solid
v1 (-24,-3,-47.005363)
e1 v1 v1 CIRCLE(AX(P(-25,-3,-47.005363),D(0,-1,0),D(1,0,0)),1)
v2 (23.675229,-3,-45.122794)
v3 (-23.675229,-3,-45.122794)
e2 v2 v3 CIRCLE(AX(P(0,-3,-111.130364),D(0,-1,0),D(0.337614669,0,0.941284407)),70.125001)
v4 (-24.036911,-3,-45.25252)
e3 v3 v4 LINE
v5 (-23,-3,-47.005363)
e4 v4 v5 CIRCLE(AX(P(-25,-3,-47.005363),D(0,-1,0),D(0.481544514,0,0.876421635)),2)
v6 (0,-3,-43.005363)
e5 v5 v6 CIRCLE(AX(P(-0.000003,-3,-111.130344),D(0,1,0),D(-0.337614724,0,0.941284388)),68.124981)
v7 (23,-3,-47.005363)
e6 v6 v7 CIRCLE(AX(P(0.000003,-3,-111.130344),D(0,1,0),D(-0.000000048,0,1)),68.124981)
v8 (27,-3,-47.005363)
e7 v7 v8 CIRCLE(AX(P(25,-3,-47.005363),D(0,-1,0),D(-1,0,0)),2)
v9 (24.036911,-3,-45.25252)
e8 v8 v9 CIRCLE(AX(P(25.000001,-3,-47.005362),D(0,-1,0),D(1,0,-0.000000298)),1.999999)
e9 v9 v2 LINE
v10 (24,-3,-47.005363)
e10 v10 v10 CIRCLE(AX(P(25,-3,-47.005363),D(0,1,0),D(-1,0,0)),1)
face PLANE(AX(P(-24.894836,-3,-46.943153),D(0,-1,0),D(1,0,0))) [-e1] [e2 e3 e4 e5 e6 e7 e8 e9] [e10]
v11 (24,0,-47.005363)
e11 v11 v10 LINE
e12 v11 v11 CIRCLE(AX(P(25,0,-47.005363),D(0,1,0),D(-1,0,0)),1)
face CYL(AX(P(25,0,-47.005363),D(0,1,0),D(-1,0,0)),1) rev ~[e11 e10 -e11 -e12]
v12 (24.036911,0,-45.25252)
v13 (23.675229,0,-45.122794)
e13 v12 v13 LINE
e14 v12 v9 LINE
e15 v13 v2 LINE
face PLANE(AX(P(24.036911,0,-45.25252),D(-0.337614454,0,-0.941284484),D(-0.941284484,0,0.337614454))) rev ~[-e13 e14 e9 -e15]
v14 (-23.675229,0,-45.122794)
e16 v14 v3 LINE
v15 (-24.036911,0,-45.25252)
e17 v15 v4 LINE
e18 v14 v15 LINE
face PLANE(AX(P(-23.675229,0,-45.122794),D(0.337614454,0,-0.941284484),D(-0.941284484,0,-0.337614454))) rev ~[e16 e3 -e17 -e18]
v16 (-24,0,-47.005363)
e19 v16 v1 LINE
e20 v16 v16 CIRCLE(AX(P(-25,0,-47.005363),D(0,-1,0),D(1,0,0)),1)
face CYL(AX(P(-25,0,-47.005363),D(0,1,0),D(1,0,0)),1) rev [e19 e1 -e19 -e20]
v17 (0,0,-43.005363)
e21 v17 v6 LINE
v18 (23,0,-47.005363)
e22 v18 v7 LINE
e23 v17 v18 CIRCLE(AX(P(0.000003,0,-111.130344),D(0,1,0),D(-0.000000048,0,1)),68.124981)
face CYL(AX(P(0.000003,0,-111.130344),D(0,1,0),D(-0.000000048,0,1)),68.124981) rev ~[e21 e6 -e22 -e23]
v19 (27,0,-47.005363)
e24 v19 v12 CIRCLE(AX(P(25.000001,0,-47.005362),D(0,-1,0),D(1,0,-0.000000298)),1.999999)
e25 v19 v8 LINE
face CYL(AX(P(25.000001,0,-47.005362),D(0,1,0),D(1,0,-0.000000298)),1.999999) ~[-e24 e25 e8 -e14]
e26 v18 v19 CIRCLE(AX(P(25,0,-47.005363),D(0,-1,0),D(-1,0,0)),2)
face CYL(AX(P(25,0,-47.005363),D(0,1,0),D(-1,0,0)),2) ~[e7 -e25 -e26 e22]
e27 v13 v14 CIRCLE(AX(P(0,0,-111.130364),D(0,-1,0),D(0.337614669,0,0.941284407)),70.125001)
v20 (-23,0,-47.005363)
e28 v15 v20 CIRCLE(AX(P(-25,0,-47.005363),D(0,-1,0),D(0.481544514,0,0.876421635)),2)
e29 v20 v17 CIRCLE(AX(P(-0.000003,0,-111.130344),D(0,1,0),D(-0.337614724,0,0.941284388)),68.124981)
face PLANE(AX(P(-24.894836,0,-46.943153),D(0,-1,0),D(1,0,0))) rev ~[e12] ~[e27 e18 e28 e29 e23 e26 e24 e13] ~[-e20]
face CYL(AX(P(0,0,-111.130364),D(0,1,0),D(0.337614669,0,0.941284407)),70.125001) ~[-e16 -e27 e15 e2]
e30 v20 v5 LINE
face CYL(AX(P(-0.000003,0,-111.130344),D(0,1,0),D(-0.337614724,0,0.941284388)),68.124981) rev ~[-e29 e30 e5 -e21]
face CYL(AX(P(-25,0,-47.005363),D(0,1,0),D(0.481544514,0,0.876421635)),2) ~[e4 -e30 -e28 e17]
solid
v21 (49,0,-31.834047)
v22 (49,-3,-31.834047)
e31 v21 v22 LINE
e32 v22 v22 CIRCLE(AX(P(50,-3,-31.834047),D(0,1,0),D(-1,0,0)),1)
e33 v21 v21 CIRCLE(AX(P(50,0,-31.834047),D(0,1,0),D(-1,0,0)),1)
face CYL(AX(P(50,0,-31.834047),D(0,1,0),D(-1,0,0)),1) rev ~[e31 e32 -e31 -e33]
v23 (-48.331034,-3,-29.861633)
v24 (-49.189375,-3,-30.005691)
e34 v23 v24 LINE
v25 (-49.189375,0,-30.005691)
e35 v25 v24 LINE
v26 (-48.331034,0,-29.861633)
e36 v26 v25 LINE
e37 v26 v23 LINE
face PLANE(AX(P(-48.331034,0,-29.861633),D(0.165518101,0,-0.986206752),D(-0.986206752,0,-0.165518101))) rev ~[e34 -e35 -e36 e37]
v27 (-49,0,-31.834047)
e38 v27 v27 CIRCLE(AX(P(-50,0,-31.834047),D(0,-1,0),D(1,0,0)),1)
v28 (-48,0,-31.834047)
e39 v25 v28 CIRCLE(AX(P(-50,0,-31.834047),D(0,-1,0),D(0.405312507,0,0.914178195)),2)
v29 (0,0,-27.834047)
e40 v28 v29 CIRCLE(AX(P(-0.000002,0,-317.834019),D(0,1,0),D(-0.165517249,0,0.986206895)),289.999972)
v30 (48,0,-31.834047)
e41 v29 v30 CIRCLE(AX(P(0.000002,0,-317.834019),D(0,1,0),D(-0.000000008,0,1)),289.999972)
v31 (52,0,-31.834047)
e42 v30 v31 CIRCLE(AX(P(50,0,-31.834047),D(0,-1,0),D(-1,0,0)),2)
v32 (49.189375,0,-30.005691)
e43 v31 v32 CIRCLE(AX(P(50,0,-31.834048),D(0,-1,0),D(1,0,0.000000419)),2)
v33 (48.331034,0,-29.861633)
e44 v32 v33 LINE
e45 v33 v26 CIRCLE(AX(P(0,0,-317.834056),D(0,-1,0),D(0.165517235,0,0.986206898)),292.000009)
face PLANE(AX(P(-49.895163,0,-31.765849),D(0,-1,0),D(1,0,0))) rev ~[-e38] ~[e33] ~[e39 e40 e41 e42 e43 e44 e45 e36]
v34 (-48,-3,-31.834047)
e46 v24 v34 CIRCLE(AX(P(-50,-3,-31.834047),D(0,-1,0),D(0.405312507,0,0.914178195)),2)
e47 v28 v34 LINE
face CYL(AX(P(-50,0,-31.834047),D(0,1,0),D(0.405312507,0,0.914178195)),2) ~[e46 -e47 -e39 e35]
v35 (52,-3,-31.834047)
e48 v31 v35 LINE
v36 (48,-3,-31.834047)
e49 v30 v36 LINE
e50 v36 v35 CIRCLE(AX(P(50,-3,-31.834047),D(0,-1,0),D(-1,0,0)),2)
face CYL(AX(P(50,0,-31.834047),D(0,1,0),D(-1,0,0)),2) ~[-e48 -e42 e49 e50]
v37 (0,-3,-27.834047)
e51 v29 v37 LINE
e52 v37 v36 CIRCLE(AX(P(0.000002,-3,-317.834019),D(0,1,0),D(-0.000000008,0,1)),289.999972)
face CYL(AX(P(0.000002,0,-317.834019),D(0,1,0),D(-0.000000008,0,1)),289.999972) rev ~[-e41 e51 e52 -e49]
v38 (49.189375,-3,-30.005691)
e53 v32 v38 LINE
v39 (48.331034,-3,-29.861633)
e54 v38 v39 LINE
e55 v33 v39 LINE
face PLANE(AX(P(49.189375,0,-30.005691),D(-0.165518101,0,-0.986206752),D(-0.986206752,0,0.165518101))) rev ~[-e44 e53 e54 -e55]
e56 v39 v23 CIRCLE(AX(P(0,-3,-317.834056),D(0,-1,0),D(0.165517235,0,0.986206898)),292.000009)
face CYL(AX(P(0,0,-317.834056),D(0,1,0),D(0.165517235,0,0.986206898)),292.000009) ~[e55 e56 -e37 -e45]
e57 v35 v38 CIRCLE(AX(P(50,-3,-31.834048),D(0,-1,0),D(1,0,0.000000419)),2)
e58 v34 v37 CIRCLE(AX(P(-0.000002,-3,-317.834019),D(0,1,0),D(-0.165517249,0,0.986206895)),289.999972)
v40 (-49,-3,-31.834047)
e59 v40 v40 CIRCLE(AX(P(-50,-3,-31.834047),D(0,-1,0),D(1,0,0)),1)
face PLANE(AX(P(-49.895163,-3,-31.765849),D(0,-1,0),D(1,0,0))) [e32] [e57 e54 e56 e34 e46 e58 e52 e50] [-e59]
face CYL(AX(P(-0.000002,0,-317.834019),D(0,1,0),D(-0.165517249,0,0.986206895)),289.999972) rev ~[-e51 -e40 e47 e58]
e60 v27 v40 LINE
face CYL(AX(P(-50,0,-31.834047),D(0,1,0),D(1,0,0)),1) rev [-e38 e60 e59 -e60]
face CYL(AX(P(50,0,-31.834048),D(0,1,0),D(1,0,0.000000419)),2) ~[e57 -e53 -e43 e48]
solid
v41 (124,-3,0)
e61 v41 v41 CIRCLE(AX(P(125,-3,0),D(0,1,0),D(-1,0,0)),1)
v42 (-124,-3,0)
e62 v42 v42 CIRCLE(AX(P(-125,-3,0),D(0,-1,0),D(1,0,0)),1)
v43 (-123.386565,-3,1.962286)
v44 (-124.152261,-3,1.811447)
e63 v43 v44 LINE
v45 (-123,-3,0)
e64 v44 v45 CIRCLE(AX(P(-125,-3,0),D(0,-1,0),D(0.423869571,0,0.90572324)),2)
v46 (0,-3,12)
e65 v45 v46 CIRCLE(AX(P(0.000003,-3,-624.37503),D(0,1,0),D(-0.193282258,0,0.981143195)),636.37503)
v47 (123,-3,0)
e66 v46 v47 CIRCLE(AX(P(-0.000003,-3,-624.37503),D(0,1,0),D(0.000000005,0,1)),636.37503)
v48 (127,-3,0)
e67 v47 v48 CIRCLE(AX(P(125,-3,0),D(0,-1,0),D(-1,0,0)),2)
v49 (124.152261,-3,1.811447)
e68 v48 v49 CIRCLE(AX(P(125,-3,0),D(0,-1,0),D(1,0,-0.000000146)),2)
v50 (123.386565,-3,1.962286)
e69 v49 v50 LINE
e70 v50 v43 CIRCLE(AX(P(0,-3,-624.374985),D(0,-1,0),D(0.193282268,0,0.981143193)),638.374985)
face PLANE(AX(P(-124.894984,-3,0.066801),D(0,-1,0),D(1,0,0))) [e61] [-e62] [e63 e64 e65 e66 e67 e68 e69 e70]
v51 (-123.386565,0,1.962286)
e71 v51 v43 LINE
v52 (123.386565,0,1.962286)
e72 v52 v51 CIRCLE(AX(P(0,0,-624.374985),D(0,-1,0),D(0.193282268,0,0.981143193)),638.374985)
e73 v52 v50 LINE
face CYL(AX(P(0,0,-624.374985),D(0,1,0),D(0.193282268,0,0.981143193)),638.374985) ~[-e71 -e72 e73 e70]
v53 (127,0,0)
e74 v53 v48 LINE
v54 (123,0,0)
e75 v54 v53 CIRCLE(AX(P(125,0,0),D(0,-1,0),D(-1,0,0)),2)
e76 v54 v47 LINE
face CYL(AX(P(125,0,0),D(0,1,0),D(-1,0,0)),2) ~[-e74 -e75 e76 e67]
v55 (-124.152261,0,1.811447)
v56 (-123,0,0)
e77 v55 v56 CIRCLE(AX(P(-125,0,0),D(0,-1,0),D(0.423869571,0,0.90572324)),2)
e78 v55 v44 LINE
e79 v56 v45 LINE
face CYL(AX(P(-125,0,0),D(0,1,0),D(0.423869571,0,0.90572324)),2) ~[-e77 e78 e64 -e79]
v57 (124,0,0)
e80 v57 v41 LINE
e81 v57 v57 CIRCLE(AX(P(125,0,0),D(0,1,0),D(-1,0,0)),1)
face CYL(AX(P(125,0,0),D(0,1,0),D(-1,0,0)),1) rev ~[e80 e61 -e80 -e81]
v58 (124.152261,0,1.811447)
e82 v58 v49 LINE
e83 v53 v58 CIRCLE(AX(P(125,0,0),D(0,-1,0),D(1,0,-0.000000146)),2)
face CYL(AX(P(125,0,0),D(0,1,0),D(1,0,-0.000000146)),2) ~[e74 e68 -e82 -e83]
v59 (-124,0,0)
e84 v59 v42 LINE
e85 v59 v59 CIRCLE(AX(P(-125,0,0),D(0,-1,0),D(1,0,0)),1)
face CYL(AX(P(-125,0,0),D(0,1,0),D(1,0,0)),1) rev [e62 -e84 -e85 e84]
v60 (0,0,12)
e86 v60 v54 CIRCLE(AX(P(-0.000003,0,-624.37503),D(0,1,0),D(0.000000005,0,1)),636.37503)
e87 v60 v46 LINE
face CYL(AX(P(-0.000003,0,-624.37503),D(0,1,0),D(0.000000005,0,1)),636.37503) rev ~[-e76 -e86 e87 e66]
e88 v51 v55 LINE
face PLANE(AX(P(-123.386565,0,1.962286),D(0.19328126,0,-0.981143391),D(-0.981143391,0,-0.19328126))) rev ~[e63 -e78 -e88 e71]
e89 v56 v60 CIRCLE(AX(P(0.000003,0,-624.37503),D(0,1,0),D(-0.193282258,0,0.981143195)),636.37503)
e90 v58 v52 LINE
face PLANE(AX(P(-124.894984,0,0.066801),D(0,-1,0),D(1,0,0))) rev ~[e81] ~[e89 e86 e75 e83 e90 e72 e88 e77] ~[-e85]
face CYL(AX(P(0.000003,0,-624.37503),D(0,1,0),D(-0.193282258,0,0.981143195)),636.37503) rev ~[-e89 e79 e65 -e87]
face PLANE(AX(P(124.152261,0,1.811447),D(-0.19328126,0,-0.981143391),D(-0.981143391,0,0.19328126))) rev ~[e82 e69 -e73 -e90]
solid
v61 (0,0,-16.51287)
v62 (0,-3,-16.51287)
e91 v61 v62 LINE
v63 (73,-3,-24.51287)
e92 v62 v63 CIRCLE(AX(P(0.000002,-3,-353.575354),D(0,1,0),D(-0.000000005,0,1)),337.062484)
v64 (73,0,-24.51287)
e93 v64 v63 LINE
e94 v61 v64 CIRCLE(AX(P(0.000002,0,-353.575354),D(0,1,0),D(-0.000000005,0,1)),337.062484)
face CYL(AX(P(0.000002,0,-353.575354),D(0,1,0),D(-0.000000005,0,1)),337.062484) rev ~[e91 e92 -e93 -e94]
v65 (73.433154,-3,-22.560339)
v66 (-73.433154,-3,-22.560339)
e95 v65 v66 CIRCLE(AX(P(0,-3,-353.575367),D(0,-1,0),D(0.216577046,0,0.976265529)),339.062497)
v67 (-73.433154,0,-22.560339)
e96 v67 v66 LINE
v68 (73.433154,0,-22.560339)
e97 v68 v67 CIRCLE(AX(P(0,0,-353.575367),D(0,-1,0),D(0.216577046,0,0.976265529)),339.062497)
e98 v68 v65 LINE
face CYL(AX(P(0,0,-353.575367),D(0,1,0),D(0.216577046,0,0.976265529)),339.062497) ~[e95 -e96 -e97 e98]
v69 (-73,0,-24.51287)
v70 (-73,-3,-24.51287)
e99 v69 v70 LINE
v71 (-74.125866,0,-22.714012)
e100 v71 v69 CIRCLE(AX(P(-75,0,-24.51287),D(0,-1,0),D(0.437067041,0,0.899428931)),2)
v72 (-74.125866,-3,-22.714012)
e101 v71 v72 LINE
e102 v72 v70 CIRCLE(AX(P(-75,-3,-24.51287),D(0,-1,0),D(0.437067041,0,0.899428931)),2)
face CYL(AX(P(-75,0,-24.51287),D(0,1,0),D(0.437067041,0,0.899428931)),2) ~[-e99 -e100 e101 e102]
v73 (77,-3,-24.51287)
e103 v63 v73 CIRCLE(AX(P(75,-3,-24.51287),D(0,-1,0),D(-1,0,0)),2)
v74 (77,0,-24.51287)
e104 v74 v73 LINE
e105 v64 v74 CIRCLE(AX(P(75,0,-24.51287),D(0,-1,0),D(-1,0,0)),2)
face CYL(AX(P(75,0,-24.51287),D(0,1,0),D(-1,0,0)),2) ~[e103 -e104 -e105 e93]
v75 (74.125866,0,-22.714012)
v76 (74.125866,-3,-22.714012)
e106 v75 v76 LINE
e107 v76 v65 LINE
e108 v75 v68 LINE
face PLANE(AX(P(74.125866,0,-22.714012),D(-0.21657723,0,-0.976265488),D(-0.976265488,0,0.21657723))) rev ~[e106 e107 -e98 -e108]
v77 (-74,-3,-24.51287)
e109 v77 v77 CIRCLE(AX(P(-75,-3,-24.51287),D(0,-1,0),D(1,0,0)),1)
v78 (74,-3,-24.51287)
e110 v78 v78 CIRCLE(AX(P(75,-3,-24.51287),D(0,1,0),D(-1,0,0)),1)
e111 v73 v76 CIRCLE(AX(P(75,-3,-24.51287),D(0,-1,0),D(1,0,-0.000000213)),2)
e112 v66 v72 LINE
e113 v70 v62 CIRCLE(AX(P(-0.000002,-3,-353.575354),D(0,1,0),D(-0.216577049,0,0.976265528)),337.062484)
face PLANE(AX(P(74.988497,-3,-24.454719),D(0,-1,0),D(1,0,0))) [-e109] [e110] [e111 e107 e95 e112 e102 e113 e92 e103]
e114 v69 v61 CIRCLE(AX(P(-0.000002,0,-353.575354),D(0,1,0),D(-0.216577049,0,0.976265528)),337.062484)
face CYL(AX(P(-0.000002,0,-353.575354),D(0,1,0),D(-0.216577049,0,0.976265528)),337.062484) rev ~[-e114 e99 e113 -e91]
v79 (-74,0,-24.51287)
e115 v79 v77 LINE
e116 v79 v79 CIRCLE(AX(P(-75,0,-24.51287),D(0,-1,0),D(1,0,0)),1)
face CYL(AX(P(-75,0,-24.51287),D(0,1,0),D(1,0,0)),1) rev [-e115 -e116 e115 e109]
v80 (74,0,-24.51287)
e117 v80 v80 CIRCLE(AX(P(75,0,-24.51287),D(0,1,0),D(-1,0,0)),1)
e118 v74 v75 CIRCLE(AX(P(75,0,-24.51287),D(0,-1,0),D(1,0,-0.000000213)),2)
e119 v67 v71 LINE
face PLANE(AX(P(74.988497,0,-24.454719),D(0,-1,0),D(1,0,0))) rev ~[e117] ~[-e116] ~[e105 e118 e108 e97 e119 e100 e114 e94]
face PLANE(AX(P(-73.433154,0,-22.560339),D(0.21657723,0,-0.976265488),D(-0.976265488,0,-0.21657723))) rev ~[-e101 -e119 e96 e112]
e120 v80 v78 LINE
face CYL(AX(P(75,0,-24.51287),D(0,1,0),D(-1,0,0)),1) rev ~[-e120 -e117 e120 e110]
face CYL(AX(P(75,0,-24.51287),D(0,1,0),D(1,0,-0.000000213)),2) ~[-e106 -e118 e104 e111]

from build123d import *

# Parameters (mm, degrees)
F0_R     = 1
F1_DEPTH = 3
F2_R     = 1
F3_DEPTH = 3
F4_R     = 1
F5_DEPTH = 3
F6_R     = 1
F7_DEPTH = 3


with BuildPart() as f1:
    # F0 (on Front) → F1 (new body)
    with BuildSketch(Plane.XZ):
        with BuildLine():
            ThreePointArc((-124.152261, 1.811447), (-126.687525, -1.073434), (-123, 0))
            ThreePointArc((-123, 0), (-123.312475, 1.073434), (-124.152261, 1.811447))
        make_face()
        with Locations((-125, 0)):
            Circle(F0_R, mode=Mode.SUBTRACT)
        with BuildLine():
            ThreePointArc((0, 12), (61.79199, 8.992895), (123, 0))
            ThreePointArc((123, 0), (123.312475, 1.073434), (124.152261, 1.811447))
            Line((124.152261, 1.811447), (123.386565, 1.962286))
            ThreePointArc((123.386565, 1.962286), (0, 14), (-123.386565, 1.962286))
            Line((-123.386565, 1.962286), (-124.152261, 1.811447))
            ThreePointArc((-124.152261, 1.811447), (-123.312475, 1.073434), (-123, 0))
            ThreePointArc((-123, 0), (-61.79199, 8.992895), (0, 12))
        make_face()
        with BuildLine():
            ThreePointArc((124.152261, 1.811447), (123.312475, 1.073434), (123, 0))
            ThreePointArc((123, 0), (125, -2), (127, 0))
            ThreePointArc((127, 0), (126.073434, 1.687525), (124.152261, 1.811447))
        make_face()
        with BuildLine():
            ThreePointArc((126, 0), (125, -1), (124, 0))
            ThreePointArc((124, 0), (125, 1), (126, 0))
        make_face(mode=Mode.SUBTRACT)
    extrude(amount=F1_DEPTH)


with BuildPart() as f3:
    # F2 (on Front) → F3 (new body)
    with BuildSketch(Plane.XZ):
        with BuildLine():
            ThreePointArc((74.125866, -22.714012), (73.304673, -23.451802), (73, -24.51287))
            ThreePointArc((73, -24.51287), (75, -26.51287), (77, -24.51287))
            ThreePointArc((77, -24.51287), (76.061069, -22.817543), (74.125866, -22.714012))
        make_face()
        with BuildLine():
            ThreePointArc((76, -24.51287), (75, -25.51287), (74, -24.51287))
            ThreePointArc((74, -24.51287), (75, -23.51287), (76, -24.51287))
        make_face(mode=Mode.SUBTRACT)
        with BuildLine():
            ThreePointArc((-74.125866, -22.714012), (-76.695327, -25.573939), (-73, -24.51287))
            ThreePointArc((-73, -24.51287), (-73.304673, -23.451802), (-74.125866, -22.714012))
        make_face()
        with Locations((-75, -24.51287)):
            Circle(F2_R, mode=Mode.SUBTRACT)
        with BuildLine():
            ThreePointArc((-74.125866, -22.714012), (-73.304673, -23.451802), (-73, -24.51287))
            ThreePointArc((-73, -24.51287), (-36.718524, -18.518839), (0, -16.51287))
            ThreePointArc((0, -16.51287), (36.718524, -18.518839), (73, -24.51287))
            ThreePointArc((73, -24.51287), (73.304673, -23.451802), (74.125866, -22.714012))
            Line((74.125866, -22.714012), (73.433154, -22.560339))
            ThreePointArc((73.433154, -22.560339), (0, -14.51287), (-73.433154, -22.560339))
            Line((-73.433154, -22.560339), (-74.125866, -22.714012))
        make_face()
    extrude(amount=F3_DEPTH)


with BuildPart() as f5:
    # F4 (on Front) → F5 (new body)
    with BuildSketch(Plane.XZ):
        with BuildLine():
            ThreePointArc((-24.036911, -45.25252), (-26.721363, -48.023651), (-23, -47.005363))
            ThreePointArc((-23, -47.005363), (-23.278637, -45.987075), (-24.036911, -45.25252))
        make_face()
        with Locations((-25, -47.005363)):
            Circle(F4_R, mode=Mode.SUBTRACT)
        with BuildLine():
            ThreePointArc((0, -43.005363), (11.672618, -44.012812), (23, -47.005363))
            ThreePointArc((23, -47.005363), (23.278637, -45.987075), (24.036911, -45.25252))
            Line((24.036911, -45.25252), (23.675229, -45.122794))
            ThreePointArc((23.675229, -45.122794), (0, -41.005363), (-23.675229, -45.122794))
            Line((-23.675229, -45.122794), (-24.036911, -45.25252))
            ThreePointArc((-24.036911, -45.25252), (-23.278637, -45.987075), (-23, -47.005363))
            ThreePointArc((-23, -47.005363), (-11.672618, -44.012812), (0, -43.005363))
        make_face()
        with BuildLine():
            ThreePointArc((24.036911, -45.25252), (23.278637, -45.987075), (23, -47.005363))
            ThreePointArc((23, -47.005363), (25, -49.005363), (27, -47.005363))
            ThreePointArc((27, -47.005363), (26.018288, -45.284), (24.036911, -45.25252))
        make_face()
        with BuildLine():
            ThreePointArc((26, -47.005363), (25, -48.005363), (24, -47.005363))
            ThreePointArc((24, -47.005363), (25, -46.005363), (26, -47.005363))
        make_face(mode=Mode.SUBTRACT)
    extrude(amount=F5_DEPTH)


with BuildPart() as f7:
    # F6 (on Front) → F7 (new body)
    with BuildSketch(Plane.XZ):
        with BuildLine():
            ThreePointArc((-49.189375, -30.005691), (-51.676492, -32.924632), (-48, -31.834047))
            ThreePointArc((-48, -31.834047), (-48.323508, -30.743462), (-49.189375, -30.005691))
        make_face()
        with Locations((-50, -31.834047)):
            Circle(F6_R, mode=Mode.SUBTRACT)
        with BuildLine():
            ThreePointArc((-49.189375, -30.005691), (-48.323508, -30.743462), (-48, -31.834047))
            ThreePointArc((-48, -31.834047), (-24.083189, -28.835777), (0, -27.834047))
            ThreePointArc((0, -27.834047), (24.083189, -28.835777), (48, -31.834047))
            ThreePointArc((48, -31.834047), (48.323508, -30.743462), (49.189375, -30.005691))
            Line((49.189375, -30.005691), (48.331034, -29.861633))
            ThreePointArc((48.331034, -29.861633), (0, -25.834047), (-48.331034, -29.861633))
            Line((-48.331034, -29.861633), (-49.189375, -30.005691))
        make_face()
        with BuildLine():
            ThreePointArc((49.189375, -30.005691), (48.323508, -30.743462), (48, -31.834047))
            ThreePointArc((48, -31.834047), (50, -33.834047), (52, -31.834047))
            ThreePointArc((52, -31.834047), (51.090585, -30.157556), (49.189375, -30.005691))
        make_face()
        with BuildLine():
            ThreePointArc((51, -31.834047), (50, -32.834047), (49, -31.834047))
            ThreePointArc((49, -31.834047), (50, -30.834047), (51, -31.834047))
        make_face(mode=Mode.SUBTRACT)
    extrude(amount=F7_DEPTH)


solid = Compound([f1.part, f3.part, f5.part, f7.part])
